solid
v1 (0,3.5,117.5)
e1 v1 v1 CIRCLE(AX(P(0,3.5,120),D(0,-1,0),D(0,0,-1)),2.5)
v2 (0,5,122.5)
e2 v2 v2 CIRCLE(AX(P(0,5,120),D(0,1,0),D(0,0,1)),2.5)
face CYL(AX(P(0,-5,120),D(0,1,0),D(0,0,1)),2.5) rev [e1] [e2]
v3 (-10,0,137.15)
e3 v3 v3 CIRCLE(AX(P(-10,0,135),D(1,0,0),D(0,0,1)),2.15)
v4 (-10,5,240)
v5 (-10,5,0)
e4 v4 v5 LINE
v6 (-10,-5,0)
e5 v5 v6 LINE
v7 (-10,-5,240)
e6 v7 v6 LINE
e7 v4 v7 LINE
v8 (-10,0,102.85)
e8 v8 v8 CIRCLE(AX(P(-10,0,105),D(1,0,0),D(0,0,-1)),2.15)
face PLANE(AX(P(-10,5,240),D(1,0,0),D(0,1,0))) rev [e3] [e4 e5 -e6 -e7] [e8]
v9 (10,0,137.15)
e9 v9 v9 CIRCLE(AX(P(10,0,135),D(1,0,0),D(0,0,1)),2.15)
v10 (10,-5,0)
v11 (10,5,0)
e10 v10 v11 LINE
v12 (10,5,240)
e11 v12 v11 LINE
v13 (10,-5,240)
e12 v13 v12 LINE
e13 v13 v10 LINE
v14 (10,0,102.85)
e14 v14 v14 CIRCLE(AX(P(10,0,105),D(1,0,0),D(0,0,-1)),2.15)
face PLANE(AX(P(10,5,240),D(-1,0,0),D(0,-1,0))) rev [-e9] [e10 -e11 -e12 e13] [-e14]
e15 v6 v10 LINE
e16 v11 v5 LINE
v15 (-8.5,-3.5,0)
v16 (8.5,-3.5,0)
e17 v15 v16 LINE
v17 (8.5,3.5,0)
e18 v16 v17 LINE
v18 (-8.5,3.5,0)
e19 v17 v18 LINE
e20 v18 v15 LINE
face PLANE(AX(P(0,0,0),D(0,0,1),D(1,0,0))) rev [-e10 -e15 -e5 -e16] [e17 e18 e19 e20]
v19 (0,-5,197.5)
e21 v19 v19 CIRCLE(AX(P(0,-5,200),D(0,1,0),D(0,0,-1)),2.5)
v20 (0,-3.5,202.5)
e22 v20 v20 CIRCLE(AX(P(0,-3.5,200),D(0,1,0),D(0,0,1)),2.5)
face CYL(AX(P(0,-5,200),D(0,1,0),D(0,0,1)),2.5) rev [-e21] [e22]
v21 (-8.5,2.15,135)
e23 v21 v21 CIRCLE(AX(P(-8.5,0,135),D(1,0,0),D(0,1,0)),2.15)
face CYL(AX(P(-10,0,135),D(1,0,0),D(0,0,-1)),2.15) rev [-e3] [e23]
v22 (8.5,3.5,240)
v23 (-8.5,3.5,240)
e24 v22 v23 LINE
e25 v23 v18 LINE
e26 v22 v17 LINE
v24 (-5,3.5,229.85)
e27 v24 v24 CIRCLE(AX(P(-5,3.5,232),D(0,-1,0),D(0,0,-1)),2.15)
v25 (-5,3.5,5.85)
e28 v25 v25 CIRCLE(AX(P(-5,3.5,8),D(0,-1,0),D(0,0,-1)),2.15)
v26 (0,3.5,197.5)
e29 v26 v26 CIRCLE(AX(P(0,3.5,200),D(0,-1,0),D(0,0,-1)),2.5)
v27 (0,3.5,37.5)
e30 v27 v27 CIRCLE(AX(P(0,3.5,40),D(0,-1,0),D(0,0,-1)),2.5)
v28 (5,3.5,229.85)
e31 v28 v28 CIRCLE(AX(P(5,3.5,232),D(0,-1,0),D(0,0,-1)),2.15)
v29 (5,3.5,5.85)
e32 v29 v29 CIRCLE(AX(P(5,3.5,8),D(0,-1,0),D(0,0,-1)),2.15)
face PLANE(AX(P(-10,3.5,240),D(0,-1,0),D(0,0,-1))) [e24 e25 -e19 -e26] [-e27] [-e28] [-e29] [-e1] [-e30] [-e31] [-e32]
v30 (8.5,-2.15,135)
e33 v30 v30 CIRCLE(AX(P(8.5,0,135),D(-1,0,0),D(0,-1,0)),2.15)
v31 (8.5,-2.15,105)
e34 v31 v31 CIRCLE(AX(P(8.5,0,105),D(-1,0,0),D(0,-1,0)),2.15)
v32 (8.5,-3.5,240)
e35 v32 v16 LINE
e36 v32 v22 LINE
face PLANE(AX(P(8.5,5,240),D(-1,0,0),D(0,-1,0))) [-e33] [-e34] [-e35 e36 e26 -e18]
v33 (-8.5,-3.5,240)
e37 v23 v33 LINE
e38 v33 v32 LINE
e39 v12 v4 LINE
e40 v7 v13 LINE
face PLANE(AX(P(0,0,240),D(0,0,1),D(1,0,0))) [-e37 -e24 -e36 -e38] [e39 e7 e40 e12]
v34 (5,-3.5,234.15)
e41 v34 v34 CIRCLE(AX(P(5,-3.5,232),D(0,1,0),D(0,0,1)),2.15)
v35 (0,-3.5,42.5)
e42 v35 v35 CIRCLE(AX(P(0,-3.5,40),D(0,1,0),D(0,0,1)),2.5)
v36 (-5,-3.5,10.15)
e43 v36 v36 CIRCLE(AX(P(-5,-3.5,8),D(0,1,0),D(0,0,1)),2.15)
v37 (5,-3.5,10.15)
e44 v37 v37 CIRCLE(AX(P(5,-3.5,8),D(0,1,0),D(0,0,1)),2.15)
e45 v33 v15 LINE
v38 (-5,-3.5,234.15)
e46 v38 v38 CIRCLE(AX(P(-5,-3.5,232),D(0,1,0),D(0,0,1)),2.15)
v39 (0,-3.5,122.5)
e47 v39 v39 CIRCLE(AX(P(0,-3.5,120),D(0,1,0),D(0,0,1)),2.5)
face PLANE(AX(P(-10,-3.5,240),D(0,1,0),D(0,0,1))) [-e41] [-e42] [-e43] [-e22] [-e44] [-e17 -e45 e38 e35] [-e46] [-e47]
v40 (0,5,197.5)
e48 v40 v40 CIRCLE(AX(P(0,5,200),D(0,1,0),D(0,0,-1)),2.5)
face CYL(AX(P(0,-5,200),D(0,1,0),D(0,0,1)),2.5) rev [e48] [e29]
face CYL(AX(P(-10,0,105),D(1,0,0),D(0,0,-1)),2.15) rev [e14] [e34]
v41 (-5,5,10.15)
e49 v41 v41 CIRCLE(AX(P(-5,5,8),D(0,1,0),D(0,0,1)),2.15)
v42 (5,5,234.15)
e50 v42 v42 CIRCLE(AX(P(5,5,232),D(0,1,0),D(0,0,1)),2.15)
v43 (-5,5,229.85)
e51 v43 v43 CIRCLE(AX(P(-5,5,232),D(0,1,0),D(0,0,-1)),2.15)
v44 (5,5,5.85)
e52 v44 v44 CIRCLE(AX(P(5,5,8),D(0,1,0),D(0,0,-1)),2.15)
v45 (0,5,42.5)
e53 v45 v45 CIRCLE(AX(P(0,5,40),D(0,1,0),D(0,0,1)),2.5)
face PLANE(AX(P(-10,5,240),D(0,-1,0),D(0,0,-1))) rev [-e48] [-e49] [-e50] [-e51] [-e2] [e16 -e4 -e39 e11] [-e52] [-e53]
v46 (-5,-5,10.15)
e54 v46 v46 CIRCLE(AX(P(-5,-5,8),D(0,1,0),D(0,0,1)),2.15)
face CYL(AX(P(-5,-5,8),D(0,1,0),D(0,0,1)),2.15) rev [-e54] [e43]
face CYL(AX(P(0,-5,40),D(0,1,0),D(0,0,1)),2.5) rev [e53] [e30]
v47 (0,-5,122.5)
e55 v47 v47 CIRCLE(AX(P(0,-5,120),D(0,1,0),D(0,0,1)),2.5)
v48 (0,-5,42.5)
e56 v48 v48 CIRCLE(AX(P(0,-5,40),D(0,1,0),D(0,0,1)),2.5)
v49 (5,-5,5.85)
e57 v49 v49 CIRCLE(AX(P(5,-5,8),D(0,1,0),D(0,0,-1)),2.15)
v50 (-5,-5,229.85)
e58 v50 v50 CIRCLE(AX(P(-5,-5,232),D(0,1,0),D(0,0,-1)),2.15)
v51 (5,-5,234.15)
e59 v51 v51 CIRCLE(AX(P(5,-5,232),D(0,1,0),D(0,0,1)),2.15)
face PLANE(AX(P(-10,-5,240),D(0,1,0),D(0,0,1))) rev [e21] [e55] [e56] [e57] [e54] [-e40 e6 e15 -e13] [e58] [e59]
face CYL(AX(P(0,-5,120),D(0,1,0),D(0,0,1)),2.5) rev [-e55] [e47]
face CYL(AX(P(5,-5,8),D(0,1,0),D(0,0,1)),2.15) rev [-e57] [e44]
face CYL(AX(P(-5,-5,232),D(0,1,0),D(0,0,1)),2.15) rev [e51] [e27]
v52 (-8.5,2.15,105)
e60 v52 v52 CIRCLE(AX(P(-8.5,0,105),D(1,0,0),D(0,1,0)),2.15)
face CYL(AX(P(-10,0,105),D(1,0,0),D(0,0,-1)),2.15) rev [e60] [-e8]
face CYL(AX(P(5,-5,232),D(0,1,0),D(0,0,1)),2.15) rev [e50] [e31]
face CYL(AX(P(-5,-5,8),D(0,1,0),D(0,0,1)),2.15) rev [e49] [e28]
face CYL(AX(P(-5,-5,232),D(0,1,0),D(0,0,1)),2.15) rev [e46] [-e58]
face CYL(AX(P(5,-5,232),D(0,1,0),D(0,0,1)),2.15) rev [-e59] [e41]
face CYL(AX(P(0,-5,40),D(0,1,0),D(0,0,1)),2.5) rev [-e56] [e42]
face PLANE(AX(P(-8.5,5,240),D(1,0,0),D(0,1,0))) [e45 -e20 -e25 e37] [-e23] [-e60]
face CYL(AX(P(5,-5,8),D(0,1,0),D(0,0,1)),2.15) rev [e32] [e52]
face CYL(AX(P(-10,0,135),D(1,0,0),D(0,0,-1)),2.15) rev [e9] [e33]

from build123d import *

# Parameters (mm, degrees)
SKETCH_1_W          = 20
SKETCH_1_H          = 10
SKETCH_1_W_2        = 17
SKETCH_1_H_2        = 7
EXTRUDE_1_DEPTH     = 240
SKETCH_2_R          = 2.15
SKETCH_2_R_2        = 2.5
CUT_EXTRUDE_1_DEPTH = 241.416305603
SKETCH_3_R          = 2.15
CUT_EXTRUDE_2_DEPTH = 241.883789409


with BuildPart() as part:
    # ｽｹｯﾁ1 → 押し出し-薄板1 (new body)
    with BuildSketch(Plane.XY):
        Rectangle(SKETCH_1_W, SKETCH_1_H)
        Rectangle(SKETCH_1_W_2, SKETCH_1_H_2, mode=Mode.SUBTRACT)
    extrude(amount=EXTRUDE_1_DEPTH)

    # ｽｹｯﾁ2 → ｶｯﾄ - 押し出し1 (cut, through all)
    with BuildSketch(Plane(origin=(0, 5, 0), x_dir=(1, 0, 0), z_dir=(0, 1, 0))):
        with Locations(Location((5, -232, 0), (0, 0, 270))):
            Circle(SKETCH_2_R)
        with Locations(Location((-5, -232, 0), (0, 0, 270))):
            Circle(SKETCH_2_R)
        with Locations(Location((5, -8, 0), (0, 0, 270))):
            Circle(SKETCH_2_R)
        with Locations(Location((-5, -8, 0), (0, 0, 270))):
            Circle(SKETCH_2_R)
        with Locations(Location((0, -40, 0), (0, 0, 270))):
            Circle(SKETCH_2_R_2)
        with Locations(Location((0, -200, 0), (0, 0, 270))):
            Circle(SKETCH_2_R_2)
        with Locations(Location((0, -120, 0), (0, 0, 270))):
            Circle(SKETCH_2_R_2)
    extrude(amount=-CUT_EXTRUDE_1_DEPTH, mode=Mode.SUBTRACT)

    # ｽｹｯﾁ3 → ｶｯﾄ - 押し出し2 (cut, through all)
    with BuildSketch(Plane(origin=(10, 0, 0), x_dir=(0, 0, -1), z_dir=(1, 0, 0))):
        with Locations((-105, 0)):
            Circle(SKETCH_3_R)
        with Locations(Location((-135, 0, 0), (0, 0, 90))):
            Circle(SKETCH_3_R)
    extrude(amount=-CUT_EXTRUDE_2_DEPTH, mode=Mode.SUBTRACT)


solid = part.part
